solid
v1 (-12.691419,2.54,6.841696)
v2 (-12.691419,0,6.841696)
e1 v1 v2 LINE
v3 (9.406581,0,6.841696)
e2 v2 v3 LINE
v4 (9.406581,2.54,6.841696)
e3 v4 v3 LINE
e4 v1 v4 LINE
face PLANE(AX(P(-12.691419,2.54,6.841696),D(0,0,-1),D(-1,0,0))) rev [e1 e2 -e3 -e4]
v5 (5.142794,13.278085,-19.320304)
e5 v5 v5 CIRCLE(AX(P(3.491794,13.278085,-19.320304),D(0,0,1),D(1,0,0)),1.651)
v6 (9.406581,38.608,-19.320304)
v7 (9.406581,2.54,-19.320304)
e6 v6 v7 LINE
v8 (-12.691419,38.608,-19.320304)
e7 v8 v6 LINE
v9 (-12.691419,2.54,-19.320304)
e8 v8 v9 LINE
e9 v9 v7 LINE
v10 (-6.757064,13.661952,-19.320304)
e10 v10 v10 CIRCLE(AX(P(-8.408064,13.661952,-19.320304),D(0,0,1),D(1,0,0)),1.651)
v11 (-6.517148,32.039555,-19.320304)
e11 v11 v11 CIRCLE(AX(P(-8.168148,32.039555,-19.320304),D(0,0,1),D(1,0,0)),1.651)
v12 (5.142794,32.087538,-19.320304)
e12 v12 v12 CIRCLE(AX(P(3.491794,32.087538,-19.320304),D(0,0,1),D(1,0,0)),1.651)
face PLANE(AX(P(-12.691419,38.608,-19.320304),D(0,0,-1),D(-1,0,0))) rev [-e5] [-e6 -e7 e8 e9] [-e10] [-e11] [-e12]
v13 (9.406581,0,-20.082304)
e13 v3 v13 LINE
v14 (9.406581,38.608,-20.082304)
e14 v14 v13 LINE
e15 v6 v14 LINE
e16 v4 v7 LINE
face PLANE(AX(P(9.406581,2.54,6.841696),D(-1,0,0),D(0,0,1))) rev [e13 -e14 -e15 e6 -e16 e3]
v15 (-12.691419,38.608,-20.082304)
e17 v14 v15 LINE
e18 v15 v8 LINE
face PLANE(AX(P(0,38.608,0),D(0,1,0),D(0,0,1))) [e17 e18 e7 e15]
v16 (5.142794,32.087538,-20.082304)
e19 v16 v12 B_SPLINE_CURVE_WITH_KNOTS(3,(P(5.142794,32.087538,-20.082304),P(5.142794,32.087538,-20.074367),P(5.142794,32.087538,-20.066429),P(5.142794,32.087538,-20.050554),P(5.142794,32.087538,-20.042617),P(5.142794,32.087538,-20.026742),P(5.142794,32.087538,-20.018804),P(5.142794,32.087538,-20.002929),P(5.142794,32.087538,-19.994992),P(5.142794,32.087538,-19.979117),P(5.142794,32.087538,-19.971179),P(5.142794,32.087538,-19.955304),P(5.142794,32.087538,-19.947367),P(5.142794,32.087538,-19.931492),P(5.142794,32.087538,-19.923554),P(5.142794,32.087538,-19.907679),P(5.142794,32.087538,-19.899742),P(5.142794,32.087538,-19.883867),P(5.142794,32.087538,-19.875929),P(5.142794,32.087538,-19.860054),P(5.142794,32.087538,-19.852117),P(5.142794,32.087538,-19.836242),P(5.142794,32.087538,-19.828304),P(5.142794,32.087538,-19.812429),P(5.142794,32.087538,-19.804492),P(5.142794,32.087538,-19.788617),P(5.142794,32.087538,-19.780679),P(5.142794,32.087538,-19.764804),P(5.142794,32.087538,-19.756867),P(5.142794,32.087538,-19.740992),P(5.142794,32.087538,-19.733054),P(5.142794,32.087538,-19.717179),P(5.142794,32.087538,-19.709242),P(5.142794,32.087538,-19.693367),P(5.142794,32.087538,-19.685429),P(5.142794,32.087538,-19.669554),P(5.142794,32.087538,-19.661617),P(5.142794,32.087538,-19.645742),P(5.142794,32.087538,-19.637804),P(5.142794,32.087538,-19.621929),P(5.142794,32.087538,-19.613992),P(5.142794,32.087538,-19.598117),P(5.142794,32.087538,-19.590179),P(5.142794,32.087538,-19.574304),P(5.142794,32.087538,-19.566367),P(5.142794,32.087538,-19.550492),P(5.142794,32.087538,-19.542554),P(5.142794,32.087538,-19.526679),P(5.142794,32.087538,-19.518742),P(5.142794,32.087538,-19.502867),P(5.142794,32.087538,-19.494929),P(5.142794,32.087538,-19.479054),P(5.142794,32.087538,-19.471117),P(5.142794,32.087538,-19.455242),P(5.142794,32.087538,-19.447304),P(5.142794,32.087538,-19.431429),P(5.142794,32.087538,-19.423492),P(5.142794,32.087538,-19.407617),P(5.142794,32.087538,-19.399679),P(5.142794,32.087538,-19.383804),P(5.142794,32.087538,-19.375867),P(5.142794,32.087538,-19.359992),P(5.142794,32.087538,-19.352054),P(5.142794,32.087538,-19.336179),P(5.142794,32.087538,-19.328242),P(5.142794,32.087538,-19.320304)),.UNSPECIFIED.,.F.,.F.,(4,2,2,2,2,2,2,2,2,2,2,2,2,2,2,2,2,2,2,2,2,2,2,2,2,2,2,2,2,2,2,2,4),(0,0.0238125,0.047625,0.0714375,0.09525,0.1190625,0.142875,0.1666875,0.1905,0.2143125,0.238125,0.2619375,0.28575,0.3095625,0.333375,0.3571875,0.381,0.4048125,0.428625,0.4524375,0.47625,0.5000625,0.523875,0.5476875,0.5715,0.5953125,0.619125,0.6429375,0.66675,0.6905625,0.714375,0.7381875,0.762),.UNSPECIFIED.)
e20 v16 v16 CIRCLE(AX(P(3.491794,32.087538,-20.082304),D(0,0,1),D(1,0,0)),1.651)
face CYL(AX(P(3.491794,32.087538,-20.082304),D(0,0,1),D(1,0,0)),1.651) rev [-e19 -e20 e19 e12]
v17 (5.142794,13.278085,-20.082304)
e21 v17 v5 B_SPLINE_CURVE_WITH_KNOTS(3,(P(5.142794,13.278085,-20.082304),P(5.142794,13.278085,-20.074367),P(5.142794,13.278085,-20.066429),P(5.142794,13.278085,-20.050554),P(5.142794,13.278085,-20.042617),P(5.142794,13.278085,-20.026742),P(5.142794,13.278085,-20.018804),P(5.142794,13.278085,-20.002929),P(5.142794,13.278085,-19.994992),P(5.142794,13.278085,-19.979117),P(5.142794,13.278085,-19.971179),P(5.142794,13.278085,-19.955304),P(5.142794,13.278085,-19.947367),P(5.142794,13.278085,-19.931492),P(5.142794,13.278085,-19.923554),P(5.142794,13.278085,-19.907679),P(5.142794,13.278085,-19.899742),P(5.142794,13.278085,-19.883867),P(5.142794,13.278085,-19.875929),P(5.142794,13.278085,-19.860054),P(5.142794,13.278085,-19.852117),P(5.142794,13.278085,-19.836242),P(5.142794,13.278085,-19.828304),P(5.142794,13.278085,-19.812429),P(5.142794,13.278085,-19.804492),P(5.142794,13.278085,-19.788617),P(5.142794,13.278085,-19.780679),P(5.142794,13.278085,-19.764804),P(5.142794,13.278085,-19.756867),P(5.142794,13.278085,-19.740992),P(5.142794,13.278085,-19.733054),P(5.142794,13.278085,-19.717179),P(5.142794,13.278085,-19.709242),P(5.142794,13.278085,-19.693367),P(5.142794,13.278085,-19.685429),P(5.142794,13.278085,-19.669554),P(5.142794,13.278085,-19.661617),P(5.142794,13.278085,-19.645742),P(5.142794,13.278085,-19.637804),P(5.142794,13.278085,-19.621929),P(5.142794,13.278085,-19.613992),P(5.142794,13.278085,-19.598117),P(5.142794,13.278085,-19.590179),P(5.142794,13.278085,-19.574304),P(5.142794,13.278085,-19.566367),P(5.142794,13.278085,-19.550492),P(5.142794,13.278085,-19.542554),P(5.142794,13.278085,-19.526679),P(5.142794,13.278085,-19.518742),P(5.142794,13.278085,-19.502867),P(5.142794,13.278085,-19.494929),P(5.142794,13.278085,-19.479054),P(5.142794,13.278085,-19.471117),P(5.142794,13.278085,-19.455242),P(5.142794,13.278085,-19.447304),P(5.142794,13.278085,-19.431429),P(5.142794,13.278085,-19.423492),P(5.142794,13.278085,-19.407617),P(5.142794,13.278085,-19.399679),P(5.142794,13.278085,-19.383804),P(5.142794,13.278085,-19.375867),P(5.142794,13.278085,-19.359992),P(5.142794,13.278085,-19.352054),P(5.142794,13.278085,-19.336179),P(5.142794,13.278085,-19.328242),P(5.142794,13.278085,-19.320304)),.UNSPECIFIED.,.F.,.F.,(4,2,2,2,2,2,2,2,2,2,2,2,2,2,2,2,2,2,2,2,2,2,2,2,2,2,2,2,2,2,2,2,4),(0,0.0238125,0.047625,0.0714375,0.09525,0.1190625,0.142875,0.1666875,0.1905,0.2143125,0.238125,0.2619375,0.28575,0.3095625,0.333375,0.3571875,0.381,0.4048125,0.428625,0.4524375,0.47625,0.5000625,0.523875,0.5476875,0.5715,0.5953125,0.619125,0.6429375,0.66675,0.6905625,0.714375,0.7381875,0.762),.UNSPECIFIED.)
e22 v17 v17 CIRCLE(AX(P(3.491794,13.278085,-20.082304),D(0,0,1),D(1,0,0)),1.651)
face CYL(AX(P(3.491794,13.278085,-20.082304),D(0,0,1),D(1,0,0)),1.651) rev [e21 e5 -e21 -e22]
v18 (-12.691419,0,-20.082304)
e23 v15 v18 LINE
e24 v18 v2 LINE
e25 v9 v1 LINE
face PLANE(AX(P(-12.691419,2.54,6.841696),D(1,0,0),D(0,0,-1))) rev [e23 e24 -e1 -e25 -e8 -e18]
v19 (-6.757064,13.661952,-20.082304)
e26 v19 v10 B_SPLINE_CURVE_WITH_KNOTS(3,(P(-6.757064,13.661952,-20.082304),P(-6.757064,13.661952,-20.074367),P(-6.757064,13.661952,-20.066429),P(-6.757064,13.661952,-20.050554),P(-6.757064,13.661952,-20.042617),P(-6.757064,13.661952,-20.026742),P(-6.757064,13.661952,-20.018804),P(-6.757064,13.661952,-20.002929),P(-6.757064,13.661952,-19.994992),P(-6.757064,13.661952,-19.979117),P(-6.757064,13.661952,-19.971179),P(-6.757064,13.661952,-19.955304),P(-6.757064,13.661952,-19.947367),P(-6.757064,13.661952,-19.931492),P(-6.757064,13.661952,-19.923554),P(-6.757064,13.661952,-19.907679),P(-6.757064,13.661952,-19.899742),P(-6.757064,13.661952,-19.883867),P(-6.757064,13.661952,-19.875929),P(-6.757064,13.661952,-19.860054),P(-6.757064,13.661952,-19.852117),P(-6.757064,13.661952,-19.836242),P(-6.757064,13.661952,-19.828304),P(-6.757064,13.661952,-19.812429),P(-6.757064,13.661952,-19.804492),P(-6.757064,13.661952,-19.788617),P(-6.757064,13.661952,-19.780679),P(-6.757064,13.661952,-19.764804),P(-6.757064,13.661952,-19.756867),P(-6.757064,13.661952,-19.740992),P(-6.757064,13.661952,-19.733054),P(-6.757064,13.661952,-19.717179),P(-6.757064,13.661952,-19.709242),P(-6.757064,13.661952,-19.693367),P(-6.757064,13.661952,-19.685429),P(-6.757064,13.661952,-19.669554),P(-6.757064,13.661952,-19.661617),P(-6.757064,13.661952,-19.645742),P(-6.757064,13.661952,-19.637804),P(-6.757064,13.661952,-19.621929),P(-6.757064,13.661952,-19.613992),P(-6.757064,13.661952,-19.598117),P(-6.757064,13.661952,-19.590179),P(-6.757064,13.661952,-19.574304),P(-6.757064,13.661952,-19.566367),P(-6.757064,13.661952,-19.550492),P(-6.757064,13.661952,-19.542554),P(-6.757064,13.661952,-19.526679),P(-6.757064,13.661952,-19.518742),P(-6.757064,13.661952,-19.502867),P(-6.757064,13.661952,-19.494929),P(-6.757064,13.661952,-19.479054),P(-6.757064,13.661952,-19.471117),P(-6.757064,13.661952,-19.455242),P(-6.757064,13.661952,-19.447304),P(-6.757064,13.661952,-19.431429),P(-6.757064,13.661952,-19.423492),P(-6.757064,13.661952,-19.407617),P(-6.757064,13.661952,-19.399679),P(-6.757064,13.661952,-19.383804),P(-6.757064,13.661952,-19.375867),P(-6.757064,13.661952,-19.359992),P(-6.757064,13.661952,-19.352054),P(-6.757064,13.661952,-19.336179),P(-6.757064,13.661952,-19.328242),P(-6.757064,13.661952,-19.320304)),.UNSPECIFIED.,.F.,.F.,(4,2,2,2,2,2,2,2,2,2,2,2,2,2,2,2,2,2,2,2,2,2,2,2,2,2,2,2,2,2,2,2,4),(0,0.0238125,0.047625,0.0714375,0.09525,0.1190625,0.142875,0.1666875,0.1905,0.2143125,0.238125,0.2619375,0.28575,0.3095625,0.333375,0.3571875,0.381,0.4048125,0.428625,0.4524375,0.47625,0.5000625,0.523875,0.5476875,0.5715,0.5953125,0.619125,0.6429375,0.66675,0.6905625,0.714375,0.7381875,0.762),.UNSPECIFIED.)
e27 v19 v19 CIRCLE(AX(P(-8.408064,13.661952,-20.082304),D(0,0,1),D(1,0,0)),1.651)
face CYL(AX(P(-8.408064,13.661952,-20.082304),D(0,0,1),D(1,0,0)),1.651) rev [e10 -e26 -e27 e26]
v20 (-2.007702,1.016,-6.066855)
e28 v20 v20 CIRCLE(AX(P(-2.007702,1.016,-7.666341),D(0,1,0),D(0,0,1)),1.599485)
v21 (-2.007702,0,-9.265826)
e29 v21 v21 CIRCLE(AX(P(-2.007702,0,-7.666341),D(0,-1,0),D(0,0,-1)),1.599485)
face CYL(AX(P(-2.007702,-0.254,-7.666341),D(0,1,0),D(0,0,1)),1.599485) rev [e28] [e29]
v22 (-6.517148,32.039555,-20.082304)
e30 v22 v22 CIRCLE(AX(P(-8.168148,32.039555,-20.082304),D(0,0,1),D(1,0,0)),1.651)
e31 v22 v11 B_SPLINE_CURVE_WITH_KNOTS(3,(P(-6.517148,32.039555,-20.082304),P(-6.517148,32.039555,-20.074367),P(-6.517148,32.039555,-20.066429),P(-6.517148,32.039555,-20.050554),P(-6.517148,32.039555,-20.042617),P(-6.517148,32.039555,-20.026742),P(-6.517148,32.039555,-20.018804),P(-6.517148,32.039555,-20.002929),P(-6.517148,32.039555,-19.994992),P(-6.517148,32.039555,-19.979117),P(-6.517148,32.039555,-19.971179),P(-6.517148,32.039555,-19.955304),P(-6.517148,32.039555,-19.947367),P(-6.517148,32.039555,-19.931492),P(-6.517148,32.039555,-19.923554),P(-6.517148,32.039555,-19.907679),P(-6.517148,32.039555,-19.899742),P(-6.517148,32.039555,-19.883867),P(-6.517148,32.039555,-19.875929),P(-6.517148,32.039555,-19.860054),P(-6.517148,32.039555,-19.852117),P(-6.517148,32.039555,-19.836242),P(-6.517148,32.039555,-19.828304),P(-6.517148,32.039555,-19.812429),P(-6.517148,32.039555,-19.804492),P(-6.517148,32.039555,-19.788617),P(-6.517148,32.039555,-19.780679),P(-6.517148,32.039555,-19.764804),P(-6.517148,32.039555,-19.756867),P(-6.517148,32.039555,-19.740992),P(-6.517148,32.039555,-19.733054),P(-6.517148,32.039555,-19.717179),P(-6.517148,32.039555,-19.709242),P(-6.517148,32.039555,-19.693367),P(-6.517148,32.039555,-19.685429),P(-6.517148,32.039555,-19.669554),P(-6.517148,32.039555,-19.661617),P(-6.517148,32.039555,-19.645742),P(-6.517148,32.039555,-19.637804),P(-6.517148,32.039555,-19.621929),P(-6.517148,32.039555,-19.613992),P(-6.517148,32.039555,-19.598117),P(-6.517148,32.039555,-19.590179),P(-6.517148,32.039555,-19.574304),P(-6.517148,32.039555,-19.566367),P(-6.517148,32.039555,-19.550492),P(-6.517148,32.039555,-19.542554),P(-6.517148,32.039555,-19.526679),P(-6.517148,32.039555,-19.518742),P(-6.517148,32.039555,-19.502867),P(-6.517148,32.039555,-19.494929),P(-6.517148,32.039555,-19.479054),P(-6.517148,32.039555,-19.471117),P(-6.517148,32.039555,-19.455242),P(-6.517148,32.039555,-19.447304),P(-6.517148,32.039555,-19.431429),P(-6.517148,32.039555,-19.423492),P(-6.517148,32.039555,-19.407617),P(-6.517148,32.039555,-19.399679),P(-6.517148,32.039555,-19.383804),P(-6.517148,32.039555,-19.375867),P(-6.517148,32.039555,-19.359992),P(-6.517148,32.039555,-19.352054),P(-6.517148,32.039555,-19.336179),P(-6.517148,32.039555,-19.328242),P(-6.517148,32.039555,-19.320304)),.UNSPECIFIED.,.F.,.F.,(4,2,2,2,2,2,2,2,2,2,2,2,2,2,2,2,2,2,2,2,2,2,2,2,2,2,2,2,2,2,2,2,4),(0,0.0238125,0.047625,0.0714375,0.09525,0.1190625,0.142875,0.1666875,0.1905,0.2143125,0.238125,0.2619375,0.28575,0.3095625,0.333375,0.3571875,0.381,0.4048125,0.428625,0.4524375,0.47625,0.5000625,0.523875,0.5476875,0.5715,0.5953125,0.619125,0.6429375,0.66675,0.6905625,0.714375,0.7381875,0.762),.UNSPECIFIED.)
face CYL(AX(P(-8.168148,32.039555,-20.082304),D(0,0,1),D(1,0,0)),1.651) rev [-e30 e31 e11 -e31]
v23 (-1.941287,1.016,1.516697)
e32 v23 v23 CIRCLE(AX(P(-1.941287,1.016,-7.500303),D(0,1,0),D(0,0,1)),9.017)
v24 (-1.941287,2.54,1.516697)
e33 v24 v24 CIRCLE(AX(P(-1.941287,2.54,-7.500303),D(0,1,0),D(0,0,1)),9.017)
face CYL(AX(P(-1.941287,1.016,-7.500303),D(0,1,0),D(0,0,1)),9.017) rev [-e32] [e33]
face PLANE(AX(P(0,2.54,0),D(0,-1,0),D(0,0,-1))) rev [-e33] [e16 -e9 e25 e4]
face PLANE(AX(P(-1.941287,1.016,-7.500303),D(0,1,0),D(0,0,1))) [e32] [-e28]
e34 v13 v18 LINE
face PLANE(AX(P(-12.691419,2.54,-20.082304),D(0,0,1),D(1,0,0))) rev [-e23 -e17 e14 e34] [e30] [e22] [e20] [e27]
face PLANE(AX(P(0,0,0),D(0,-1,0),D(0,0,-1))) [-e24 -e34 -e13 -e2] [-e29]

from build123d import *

# Parameters (mm, degrees)
SKETCH1_W           = 22.098
SKETCH1_H           = 26.924
BOSS_EXTRUDE1_DEPTH = 2.54
SKETCH2_W           = 22.098
SKETCH2_H           = 0.762
BOSS_EXTRUDE2_DEPTH = 36.068
SKETCH4_R           = 1.651
CUT_EXTRUDE1_DEPTH  = 0.762
SKETCH3_R           = 9.017
CUT_EXTRUDE2_DEPTH  = 1.524
SKETCH5_R           = 1.599485458
CUT_EXTRUDE3_DEPTH  = 1.27
SKETCH6_R           = 1.651
CUT_EXTRUDE4_DEPTH  = 0.762


with BuildPart() as part:
    # Sketch1 → Boss-Extrude1 (new body)
    with BuildSketch(Plane(origin=(0, 0, 0), x_dir=(1, 0, 0), z_dir=(0, 1, 0))):
        with Locations((-1.642418919, 6.620304054)):
            Rectangle(SKETCH1_W, SKETCH1_H)
    extrude(amount=BOSS_EXTRUDE1_DEPTH)

    # Sketch2 → Boss-Extrude2 (add)
    with BuildSketch(Plane(origin=(0, 2.54, 0), x_dir=(1, 0, 0), z_dir=(0, 1, 0))):
        with Locations((-1.642418919, 19.701304054)):
            Rectangle(SKETCH2_W, SKETCH2_H)
    extrude(amount=BOSS_EXTRUDE2_DEPTH)

    # Sketch4 → Cut-Extrude1 (cut)
    with BuildSketch(Plane.XY.offset(-19.320304054)):
        with Locations((-8.168147535, 32.039555002)):
            Circle(SKETCH4_R)
    extrude(amount=-CUT_EXTRUDE1_DEPTH, mode=Mode.SUBTRACT)

    # Sketch3 → Cut-Extrude2 (cut)
    with BuildSketch(Plane(origin=(0, 2.54, 0), x_dir=(1, 0, 0), z_dir=(0, 1, 0))):
        with Locations(Location((-1.941286503, 7.500303052, 0), (0, 0, 270))):
            Circle(SKETCH3_R)
    extrude(amount=-CUT_EXTRUDE2_DEPTH, mode=Mode.SUBTRACT)

    # Sketch5 → Cut-Extrude3 (cut)
    with BuildSketch(Plane(origin=(0, 1.016, 0), x_dir=(1, 0, 0), z_dir=(0, 1, 0))):
        with Locations(Location((-2.007701522, 7.666340599, 0), (0, 0, 270))):
            Circle(SKETCH5_R)
    extrude(amount=-CUT_EXTRUDE3_DEPTH, mode=Mode.SUBTRACT)

    # Sketch6 → Cut-Extrude4 (cut)
    with BuildSketch(Plane.XY.offset(-19.320304054)):
        with Locations((3.491794036, 32.087538301)):
            Circle(SKETCH6_R)
        with Locations((-8.408064028, 13.661951621)):
            Circle(SKETCH6_R)
        with Locations((3.491794036, 13.278085232)):
            Circle(SKETCH6_R)
    extrude(amount=-CUT_EXTRUDE4_DEPTH, mode=Mode.SUBTRACT)


solid = part.part
